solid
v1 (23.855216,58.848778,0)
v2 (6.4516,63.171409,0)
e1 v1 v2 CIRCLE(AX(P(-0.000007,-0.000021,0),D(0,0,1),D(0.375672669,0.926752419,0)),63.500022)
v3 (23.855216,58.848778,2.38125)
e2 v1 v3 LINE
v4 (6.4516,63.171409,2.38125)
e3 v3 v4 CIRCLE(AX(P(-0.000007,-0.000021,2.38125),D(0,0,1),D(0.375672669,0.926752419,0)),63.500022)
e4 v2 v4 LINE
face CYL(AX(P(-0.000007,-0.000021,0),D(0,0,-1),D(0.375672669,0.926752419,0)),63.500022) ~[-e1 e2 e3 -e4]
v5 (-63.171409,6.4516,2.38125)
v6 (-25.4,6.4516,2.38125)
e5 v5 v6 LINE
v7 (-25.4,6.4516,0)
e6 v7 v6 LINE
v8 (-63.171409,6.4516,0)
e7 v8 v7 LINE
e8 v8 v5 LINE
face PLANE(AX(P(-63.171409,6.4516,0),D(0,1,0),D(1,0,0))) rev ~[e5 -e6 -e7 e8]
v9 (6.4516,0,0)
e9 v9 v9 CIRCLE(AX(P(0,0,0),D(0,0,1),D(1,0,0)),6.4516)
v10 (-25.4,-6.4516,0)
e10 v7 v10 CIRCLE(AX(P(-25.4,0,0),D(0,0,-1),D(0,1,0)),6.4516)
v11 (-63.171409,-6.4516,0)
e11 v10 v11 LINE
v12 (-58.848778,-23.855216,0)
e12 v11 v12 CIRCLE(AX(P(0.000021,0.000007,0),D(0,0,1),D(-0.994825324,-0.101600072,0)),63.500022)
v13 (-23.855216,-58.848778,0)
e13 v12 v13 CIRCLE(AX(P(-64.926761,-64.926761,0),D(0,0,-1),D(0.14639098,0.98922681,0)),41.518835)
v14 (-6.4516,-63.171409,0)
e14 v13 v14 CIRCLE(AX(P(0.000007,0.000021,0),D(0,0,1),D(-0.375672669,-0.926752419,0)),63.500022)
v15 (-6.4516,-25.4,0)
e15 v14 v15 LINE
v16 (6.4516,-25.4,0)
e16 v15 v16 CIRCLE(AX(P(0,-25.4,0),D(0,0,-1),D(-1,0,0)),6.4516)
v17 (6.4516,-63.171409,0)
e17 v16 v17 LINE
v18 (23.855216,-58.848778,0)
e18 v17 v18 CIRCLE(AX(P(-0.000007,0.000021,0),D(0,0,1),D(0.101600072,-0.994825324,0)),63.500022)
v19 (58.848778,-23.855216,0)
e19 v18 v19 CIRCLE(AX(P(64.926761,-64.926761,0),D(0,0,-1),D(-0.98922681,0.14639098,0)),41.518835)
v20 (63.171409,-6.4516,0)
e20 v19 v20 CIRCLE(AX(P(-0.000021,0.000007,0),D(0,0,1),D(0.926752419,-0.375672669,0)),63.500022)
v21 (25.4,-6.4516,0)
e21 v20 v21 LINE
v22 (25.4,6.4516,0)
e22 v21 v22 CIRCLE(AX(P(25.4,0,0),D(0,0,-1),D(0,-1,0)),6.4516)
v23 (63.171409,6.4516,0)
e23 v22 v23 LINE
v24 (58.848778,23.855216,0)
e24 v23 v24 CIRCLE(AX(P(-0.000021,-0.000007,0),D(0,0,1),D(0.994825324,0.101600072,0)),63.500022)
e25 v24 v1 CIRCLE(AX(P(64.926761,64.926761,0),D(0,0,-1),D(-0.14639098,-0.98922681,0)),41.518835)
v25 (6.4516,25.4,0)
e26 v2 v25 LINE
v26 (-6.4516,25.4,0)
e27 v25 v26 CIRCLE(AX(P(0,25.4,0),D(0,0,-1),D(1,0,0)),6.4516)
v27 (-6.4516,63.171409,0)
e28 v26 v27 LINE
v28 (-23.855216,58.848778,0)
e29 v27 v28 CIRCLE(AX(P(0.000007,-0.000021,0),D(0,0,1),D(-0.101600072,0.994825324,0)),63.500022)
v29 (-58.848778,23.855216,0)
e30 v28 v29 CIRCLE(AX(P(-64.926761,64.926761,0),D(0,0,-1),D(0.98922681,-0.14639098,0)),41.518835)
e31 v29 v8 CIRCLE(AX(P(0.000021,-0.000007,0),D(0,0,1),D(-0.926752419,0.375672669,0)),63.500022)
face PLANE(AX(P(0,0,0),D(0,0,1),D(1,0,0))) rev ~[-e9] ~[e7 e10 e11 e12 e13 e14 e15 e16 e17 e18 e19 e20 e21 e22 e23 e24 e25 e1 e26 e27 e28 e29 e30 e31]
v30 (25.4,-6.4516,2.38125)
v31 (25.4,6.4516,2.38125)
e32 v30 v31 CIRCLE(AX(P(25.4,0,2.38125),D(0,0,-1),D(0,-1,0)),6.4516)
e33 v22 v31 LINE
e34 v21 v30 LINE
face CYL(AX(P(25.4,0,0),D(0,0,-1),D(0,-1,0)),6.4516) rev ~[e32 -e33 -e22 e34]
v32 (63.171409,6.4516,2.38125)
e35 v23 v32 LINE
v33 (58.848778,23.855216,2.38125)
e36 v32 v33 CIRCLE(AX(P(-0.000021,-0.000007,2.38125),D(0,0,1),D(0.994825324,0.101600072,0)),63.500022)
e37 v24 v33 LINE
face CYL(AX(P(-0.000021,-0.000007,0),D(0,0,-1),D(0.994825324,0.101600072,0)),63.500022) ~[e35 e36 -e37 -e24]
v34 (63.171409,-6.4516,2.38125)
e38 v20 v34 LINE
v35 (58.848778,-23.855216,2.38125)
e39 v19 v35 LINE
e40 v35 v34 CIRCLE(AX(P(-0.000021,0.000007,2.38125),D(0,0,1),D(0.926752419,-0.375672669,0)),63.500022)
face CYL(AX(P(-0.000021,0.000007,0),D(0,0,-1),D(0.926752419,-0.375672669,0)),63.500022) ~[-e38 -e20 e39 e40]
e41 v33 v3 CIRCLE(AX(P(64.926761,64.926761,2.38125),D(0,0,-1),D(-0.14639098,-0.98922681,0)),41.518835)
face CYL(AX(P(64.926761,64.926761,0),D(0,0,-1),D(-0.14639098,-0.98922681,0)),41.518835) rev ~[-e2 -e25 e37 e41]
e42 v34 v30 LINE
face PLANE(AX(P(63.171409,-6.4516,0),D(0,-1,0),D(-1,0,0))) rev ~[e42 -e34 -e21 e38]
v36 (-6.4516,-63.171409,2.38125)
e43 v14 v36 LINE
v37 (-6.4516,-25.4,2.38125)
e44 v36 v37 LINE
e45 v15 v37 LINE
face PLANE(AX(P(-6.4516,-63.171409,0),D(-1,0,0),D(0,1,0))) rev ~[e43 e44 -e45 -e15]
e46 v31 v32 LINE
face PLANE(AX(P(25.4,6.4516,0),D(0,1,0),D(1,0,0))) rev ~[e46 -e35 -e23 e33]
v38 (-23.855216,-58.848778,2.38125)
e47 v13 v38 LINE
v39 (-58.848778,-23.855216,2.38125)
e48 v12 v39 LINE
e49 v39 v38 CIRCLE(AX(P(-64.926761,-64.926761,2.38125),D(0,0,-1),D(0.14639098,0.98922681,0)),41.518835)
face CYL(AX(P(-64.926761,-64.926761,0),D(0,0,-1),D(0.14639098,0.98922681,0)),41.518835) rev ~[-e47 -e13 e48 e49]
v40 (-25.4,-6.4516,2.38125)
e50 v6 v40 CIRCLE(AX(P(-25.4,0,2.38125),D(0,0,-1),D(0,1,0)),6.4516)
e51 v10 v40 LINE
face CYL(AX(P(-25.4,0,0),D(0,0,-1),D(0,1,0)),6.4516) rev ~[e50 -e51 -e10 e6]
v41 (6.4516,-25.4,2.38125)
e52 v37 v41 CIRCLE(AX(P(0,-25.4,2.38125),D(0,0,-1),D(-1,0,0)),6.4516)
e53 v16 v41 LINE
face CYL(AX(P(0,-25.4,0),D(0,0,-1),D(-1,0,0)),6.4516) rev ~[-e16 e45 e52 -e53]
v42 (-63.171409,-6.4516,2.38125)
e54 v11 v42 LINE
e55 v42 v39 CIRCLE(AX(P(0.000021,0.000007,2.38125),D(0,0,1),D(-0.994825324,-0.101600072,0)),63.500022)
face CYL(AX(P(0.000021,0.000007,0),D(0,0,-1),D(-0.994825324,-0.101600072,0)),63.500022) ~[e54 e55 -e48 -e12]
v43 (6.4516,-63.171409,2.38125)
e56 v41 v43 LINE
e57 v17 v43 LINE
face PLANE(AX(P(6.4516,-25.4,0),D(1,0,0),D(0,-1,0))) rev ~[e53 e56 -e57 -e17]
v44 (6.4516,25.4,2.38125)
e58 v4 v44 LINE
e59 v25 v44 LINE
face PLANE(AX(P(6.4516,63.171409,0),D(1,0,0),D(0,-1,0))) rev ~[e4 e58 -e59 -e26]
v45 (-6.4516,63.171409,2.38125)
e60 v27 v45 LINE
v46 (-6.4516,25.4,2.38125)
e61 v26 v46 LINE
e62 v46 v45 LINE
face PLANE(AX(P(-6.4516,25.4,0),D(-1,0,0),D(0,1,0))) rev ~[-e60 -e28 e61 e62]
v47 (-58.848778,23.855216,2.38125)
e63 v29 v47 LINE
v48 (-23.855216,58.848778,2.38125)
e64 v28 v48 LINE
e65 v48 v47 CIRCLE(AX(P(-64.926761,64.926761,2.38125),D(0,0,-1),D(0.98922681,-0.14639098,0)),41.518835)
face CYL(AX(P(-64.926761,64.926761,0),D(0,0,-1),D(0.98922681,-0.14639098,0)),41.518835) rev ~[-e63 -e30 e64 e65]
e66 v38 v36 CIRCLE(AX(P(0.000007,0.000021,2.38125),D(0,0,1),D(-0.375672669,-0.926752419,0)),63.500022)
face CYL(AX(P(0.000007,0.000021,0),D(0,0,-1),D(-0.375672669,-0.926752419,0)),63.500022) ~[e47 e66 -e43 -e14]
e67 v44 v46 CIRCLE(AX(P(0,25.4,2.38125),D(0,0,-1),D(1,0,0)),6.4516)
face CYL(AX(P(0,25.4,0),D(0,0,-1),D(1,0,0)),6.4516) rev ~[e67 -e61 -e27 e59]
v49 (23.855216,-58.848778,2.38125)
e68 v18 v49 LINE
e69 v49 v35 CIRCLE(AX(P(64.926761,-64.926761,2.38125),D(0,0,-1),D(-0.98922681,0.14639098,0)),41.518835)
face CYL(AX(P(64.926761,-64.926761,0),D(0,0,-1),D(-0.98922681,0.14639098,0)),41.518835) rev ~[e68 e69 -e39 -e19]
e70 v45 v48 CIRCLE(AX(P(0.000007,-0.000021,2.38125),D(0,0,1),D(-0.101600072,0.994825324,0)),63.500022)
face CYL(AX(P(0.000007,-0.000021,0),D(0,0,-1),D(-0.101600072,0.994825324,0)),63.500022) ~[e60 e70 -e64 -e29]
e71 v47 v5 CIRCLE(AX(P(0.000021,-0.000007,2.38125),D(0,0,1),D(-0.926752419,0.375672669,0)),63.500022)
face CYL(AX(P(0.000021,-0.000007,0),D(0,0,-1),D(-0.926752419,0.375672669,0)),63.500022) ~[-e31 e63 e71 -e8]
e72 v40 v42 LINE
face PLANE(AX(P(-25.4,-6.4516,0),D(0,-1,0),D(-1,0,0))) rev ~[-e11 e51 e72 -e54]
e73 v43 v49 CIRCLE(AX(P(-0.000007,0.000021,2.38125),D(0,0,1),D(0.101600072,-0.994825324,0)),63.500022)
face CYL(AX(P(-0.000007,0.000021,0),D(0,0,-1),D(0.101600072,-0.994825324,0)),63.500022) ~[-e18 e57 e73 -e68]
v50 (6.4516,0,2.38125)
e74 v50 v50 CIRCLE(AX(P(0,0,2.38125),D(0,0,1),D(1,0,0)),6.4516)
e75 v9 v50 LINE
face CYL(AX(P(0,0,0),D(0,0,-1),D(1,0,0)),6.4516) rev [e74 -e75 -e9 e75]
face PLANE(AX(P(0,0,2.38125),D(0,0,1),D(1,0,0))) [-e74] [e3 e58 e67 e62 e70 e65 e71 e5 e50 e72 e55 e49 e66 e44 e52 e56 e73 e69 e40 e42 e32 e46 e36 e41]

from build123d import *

# Parameters (mm, degrees)
F0_R     = 6.4516
F1_DEPTH = 2.38125


with BuildPart() as f1:
    # F0 (on Top) → F1 (new body)
    with BuildSketch(Plane.XY):
        with BuildLine():
            ThreePointArc((-23.855216, 58.848778), (-35.568511, 35.568511), (-58.848778, 23.855216))
            ThreePointArc((-58.848778, 23.855216), (-61.627534, 15.306765), (-63.171409, 6.4516))
            Line((-63.171409, 6.4516), (-25.4, 6.4516))
            ThreePointArc((-25.4, 6.4516), (-18.9484, 0), (-25.4, -6.4516))
            Line((-25.4, -6.4516), (-63.171409, -6.4516))
            ThreePointArc((-63.171409, -6.4516), (-61.627534, -15.306765), (-58.848778, -23.855216))
            ThreePointArc((-58.848778, -23.855216), (-35.568511, -35.568511), (-23.855216, -58.848778))
            ThreePointArc((-23.855216, -58.848778), (-15.306765, -61.627534), (-6.4516, -63.171409))
            Line((-6.4516, -63.171409), (-6.4516, -25.4))
            ThreePointArc((-6.4516, -25.4), (0, -18.9484), (6.4516, -25.4))
            Line((6.4516, -25.4), (6.4516, -63.171409))
            ThreePointArc((6.4516, -63.171409), (15.306765, -61.627534), (23.855216, -58.848778))
            ThreePointArc((23.855216, -58.848778), (35.568511, -35.568511), (58.848778, -23.855216))
            ThreePointArc((58.848778, -23.855216), (61.627534, -15.306765), (63.171409, -6.4516))
            Line((63.171409, -6.4516), (25.4, -6.4516))
            ThreePointArc((25.4, -6.4516), (18.9484, 0), (25.4, 6.4516))
            Line((25.4, 6.4516), (63.171409, 6.4516))
            ThreePointArc((63.171409, 6.4516), (61.627534, 15.306765), (58.848778, 23.855216))
            ThreePointArc((58.848778, 23.855216), (35.568511, 35.568511), (23.855216, 58.848778))
            ThreePointArc((23.855216, 58.848778), (15.306765, 61.627534), (6.4516, 63.171409))
            Line((6.4516, 63.171409), (6.4516, 25.4))
            ThreePointArc((6.4516, 25.4), (0, 18.9484), (-6.4516, 25.4))
            Line((-6.4516, 25.4), (-6.4516, 63.171409))
            ThreePointArc((-6.4516, 63.171409), (-15.306765, 61.627534), (-23.855216, 58.848778))
        make_face()
        Circle(F0_R, mode=Mode.SUBTRACT)
    extrude(amount=F1_DEPTH)


solid = f1.part
